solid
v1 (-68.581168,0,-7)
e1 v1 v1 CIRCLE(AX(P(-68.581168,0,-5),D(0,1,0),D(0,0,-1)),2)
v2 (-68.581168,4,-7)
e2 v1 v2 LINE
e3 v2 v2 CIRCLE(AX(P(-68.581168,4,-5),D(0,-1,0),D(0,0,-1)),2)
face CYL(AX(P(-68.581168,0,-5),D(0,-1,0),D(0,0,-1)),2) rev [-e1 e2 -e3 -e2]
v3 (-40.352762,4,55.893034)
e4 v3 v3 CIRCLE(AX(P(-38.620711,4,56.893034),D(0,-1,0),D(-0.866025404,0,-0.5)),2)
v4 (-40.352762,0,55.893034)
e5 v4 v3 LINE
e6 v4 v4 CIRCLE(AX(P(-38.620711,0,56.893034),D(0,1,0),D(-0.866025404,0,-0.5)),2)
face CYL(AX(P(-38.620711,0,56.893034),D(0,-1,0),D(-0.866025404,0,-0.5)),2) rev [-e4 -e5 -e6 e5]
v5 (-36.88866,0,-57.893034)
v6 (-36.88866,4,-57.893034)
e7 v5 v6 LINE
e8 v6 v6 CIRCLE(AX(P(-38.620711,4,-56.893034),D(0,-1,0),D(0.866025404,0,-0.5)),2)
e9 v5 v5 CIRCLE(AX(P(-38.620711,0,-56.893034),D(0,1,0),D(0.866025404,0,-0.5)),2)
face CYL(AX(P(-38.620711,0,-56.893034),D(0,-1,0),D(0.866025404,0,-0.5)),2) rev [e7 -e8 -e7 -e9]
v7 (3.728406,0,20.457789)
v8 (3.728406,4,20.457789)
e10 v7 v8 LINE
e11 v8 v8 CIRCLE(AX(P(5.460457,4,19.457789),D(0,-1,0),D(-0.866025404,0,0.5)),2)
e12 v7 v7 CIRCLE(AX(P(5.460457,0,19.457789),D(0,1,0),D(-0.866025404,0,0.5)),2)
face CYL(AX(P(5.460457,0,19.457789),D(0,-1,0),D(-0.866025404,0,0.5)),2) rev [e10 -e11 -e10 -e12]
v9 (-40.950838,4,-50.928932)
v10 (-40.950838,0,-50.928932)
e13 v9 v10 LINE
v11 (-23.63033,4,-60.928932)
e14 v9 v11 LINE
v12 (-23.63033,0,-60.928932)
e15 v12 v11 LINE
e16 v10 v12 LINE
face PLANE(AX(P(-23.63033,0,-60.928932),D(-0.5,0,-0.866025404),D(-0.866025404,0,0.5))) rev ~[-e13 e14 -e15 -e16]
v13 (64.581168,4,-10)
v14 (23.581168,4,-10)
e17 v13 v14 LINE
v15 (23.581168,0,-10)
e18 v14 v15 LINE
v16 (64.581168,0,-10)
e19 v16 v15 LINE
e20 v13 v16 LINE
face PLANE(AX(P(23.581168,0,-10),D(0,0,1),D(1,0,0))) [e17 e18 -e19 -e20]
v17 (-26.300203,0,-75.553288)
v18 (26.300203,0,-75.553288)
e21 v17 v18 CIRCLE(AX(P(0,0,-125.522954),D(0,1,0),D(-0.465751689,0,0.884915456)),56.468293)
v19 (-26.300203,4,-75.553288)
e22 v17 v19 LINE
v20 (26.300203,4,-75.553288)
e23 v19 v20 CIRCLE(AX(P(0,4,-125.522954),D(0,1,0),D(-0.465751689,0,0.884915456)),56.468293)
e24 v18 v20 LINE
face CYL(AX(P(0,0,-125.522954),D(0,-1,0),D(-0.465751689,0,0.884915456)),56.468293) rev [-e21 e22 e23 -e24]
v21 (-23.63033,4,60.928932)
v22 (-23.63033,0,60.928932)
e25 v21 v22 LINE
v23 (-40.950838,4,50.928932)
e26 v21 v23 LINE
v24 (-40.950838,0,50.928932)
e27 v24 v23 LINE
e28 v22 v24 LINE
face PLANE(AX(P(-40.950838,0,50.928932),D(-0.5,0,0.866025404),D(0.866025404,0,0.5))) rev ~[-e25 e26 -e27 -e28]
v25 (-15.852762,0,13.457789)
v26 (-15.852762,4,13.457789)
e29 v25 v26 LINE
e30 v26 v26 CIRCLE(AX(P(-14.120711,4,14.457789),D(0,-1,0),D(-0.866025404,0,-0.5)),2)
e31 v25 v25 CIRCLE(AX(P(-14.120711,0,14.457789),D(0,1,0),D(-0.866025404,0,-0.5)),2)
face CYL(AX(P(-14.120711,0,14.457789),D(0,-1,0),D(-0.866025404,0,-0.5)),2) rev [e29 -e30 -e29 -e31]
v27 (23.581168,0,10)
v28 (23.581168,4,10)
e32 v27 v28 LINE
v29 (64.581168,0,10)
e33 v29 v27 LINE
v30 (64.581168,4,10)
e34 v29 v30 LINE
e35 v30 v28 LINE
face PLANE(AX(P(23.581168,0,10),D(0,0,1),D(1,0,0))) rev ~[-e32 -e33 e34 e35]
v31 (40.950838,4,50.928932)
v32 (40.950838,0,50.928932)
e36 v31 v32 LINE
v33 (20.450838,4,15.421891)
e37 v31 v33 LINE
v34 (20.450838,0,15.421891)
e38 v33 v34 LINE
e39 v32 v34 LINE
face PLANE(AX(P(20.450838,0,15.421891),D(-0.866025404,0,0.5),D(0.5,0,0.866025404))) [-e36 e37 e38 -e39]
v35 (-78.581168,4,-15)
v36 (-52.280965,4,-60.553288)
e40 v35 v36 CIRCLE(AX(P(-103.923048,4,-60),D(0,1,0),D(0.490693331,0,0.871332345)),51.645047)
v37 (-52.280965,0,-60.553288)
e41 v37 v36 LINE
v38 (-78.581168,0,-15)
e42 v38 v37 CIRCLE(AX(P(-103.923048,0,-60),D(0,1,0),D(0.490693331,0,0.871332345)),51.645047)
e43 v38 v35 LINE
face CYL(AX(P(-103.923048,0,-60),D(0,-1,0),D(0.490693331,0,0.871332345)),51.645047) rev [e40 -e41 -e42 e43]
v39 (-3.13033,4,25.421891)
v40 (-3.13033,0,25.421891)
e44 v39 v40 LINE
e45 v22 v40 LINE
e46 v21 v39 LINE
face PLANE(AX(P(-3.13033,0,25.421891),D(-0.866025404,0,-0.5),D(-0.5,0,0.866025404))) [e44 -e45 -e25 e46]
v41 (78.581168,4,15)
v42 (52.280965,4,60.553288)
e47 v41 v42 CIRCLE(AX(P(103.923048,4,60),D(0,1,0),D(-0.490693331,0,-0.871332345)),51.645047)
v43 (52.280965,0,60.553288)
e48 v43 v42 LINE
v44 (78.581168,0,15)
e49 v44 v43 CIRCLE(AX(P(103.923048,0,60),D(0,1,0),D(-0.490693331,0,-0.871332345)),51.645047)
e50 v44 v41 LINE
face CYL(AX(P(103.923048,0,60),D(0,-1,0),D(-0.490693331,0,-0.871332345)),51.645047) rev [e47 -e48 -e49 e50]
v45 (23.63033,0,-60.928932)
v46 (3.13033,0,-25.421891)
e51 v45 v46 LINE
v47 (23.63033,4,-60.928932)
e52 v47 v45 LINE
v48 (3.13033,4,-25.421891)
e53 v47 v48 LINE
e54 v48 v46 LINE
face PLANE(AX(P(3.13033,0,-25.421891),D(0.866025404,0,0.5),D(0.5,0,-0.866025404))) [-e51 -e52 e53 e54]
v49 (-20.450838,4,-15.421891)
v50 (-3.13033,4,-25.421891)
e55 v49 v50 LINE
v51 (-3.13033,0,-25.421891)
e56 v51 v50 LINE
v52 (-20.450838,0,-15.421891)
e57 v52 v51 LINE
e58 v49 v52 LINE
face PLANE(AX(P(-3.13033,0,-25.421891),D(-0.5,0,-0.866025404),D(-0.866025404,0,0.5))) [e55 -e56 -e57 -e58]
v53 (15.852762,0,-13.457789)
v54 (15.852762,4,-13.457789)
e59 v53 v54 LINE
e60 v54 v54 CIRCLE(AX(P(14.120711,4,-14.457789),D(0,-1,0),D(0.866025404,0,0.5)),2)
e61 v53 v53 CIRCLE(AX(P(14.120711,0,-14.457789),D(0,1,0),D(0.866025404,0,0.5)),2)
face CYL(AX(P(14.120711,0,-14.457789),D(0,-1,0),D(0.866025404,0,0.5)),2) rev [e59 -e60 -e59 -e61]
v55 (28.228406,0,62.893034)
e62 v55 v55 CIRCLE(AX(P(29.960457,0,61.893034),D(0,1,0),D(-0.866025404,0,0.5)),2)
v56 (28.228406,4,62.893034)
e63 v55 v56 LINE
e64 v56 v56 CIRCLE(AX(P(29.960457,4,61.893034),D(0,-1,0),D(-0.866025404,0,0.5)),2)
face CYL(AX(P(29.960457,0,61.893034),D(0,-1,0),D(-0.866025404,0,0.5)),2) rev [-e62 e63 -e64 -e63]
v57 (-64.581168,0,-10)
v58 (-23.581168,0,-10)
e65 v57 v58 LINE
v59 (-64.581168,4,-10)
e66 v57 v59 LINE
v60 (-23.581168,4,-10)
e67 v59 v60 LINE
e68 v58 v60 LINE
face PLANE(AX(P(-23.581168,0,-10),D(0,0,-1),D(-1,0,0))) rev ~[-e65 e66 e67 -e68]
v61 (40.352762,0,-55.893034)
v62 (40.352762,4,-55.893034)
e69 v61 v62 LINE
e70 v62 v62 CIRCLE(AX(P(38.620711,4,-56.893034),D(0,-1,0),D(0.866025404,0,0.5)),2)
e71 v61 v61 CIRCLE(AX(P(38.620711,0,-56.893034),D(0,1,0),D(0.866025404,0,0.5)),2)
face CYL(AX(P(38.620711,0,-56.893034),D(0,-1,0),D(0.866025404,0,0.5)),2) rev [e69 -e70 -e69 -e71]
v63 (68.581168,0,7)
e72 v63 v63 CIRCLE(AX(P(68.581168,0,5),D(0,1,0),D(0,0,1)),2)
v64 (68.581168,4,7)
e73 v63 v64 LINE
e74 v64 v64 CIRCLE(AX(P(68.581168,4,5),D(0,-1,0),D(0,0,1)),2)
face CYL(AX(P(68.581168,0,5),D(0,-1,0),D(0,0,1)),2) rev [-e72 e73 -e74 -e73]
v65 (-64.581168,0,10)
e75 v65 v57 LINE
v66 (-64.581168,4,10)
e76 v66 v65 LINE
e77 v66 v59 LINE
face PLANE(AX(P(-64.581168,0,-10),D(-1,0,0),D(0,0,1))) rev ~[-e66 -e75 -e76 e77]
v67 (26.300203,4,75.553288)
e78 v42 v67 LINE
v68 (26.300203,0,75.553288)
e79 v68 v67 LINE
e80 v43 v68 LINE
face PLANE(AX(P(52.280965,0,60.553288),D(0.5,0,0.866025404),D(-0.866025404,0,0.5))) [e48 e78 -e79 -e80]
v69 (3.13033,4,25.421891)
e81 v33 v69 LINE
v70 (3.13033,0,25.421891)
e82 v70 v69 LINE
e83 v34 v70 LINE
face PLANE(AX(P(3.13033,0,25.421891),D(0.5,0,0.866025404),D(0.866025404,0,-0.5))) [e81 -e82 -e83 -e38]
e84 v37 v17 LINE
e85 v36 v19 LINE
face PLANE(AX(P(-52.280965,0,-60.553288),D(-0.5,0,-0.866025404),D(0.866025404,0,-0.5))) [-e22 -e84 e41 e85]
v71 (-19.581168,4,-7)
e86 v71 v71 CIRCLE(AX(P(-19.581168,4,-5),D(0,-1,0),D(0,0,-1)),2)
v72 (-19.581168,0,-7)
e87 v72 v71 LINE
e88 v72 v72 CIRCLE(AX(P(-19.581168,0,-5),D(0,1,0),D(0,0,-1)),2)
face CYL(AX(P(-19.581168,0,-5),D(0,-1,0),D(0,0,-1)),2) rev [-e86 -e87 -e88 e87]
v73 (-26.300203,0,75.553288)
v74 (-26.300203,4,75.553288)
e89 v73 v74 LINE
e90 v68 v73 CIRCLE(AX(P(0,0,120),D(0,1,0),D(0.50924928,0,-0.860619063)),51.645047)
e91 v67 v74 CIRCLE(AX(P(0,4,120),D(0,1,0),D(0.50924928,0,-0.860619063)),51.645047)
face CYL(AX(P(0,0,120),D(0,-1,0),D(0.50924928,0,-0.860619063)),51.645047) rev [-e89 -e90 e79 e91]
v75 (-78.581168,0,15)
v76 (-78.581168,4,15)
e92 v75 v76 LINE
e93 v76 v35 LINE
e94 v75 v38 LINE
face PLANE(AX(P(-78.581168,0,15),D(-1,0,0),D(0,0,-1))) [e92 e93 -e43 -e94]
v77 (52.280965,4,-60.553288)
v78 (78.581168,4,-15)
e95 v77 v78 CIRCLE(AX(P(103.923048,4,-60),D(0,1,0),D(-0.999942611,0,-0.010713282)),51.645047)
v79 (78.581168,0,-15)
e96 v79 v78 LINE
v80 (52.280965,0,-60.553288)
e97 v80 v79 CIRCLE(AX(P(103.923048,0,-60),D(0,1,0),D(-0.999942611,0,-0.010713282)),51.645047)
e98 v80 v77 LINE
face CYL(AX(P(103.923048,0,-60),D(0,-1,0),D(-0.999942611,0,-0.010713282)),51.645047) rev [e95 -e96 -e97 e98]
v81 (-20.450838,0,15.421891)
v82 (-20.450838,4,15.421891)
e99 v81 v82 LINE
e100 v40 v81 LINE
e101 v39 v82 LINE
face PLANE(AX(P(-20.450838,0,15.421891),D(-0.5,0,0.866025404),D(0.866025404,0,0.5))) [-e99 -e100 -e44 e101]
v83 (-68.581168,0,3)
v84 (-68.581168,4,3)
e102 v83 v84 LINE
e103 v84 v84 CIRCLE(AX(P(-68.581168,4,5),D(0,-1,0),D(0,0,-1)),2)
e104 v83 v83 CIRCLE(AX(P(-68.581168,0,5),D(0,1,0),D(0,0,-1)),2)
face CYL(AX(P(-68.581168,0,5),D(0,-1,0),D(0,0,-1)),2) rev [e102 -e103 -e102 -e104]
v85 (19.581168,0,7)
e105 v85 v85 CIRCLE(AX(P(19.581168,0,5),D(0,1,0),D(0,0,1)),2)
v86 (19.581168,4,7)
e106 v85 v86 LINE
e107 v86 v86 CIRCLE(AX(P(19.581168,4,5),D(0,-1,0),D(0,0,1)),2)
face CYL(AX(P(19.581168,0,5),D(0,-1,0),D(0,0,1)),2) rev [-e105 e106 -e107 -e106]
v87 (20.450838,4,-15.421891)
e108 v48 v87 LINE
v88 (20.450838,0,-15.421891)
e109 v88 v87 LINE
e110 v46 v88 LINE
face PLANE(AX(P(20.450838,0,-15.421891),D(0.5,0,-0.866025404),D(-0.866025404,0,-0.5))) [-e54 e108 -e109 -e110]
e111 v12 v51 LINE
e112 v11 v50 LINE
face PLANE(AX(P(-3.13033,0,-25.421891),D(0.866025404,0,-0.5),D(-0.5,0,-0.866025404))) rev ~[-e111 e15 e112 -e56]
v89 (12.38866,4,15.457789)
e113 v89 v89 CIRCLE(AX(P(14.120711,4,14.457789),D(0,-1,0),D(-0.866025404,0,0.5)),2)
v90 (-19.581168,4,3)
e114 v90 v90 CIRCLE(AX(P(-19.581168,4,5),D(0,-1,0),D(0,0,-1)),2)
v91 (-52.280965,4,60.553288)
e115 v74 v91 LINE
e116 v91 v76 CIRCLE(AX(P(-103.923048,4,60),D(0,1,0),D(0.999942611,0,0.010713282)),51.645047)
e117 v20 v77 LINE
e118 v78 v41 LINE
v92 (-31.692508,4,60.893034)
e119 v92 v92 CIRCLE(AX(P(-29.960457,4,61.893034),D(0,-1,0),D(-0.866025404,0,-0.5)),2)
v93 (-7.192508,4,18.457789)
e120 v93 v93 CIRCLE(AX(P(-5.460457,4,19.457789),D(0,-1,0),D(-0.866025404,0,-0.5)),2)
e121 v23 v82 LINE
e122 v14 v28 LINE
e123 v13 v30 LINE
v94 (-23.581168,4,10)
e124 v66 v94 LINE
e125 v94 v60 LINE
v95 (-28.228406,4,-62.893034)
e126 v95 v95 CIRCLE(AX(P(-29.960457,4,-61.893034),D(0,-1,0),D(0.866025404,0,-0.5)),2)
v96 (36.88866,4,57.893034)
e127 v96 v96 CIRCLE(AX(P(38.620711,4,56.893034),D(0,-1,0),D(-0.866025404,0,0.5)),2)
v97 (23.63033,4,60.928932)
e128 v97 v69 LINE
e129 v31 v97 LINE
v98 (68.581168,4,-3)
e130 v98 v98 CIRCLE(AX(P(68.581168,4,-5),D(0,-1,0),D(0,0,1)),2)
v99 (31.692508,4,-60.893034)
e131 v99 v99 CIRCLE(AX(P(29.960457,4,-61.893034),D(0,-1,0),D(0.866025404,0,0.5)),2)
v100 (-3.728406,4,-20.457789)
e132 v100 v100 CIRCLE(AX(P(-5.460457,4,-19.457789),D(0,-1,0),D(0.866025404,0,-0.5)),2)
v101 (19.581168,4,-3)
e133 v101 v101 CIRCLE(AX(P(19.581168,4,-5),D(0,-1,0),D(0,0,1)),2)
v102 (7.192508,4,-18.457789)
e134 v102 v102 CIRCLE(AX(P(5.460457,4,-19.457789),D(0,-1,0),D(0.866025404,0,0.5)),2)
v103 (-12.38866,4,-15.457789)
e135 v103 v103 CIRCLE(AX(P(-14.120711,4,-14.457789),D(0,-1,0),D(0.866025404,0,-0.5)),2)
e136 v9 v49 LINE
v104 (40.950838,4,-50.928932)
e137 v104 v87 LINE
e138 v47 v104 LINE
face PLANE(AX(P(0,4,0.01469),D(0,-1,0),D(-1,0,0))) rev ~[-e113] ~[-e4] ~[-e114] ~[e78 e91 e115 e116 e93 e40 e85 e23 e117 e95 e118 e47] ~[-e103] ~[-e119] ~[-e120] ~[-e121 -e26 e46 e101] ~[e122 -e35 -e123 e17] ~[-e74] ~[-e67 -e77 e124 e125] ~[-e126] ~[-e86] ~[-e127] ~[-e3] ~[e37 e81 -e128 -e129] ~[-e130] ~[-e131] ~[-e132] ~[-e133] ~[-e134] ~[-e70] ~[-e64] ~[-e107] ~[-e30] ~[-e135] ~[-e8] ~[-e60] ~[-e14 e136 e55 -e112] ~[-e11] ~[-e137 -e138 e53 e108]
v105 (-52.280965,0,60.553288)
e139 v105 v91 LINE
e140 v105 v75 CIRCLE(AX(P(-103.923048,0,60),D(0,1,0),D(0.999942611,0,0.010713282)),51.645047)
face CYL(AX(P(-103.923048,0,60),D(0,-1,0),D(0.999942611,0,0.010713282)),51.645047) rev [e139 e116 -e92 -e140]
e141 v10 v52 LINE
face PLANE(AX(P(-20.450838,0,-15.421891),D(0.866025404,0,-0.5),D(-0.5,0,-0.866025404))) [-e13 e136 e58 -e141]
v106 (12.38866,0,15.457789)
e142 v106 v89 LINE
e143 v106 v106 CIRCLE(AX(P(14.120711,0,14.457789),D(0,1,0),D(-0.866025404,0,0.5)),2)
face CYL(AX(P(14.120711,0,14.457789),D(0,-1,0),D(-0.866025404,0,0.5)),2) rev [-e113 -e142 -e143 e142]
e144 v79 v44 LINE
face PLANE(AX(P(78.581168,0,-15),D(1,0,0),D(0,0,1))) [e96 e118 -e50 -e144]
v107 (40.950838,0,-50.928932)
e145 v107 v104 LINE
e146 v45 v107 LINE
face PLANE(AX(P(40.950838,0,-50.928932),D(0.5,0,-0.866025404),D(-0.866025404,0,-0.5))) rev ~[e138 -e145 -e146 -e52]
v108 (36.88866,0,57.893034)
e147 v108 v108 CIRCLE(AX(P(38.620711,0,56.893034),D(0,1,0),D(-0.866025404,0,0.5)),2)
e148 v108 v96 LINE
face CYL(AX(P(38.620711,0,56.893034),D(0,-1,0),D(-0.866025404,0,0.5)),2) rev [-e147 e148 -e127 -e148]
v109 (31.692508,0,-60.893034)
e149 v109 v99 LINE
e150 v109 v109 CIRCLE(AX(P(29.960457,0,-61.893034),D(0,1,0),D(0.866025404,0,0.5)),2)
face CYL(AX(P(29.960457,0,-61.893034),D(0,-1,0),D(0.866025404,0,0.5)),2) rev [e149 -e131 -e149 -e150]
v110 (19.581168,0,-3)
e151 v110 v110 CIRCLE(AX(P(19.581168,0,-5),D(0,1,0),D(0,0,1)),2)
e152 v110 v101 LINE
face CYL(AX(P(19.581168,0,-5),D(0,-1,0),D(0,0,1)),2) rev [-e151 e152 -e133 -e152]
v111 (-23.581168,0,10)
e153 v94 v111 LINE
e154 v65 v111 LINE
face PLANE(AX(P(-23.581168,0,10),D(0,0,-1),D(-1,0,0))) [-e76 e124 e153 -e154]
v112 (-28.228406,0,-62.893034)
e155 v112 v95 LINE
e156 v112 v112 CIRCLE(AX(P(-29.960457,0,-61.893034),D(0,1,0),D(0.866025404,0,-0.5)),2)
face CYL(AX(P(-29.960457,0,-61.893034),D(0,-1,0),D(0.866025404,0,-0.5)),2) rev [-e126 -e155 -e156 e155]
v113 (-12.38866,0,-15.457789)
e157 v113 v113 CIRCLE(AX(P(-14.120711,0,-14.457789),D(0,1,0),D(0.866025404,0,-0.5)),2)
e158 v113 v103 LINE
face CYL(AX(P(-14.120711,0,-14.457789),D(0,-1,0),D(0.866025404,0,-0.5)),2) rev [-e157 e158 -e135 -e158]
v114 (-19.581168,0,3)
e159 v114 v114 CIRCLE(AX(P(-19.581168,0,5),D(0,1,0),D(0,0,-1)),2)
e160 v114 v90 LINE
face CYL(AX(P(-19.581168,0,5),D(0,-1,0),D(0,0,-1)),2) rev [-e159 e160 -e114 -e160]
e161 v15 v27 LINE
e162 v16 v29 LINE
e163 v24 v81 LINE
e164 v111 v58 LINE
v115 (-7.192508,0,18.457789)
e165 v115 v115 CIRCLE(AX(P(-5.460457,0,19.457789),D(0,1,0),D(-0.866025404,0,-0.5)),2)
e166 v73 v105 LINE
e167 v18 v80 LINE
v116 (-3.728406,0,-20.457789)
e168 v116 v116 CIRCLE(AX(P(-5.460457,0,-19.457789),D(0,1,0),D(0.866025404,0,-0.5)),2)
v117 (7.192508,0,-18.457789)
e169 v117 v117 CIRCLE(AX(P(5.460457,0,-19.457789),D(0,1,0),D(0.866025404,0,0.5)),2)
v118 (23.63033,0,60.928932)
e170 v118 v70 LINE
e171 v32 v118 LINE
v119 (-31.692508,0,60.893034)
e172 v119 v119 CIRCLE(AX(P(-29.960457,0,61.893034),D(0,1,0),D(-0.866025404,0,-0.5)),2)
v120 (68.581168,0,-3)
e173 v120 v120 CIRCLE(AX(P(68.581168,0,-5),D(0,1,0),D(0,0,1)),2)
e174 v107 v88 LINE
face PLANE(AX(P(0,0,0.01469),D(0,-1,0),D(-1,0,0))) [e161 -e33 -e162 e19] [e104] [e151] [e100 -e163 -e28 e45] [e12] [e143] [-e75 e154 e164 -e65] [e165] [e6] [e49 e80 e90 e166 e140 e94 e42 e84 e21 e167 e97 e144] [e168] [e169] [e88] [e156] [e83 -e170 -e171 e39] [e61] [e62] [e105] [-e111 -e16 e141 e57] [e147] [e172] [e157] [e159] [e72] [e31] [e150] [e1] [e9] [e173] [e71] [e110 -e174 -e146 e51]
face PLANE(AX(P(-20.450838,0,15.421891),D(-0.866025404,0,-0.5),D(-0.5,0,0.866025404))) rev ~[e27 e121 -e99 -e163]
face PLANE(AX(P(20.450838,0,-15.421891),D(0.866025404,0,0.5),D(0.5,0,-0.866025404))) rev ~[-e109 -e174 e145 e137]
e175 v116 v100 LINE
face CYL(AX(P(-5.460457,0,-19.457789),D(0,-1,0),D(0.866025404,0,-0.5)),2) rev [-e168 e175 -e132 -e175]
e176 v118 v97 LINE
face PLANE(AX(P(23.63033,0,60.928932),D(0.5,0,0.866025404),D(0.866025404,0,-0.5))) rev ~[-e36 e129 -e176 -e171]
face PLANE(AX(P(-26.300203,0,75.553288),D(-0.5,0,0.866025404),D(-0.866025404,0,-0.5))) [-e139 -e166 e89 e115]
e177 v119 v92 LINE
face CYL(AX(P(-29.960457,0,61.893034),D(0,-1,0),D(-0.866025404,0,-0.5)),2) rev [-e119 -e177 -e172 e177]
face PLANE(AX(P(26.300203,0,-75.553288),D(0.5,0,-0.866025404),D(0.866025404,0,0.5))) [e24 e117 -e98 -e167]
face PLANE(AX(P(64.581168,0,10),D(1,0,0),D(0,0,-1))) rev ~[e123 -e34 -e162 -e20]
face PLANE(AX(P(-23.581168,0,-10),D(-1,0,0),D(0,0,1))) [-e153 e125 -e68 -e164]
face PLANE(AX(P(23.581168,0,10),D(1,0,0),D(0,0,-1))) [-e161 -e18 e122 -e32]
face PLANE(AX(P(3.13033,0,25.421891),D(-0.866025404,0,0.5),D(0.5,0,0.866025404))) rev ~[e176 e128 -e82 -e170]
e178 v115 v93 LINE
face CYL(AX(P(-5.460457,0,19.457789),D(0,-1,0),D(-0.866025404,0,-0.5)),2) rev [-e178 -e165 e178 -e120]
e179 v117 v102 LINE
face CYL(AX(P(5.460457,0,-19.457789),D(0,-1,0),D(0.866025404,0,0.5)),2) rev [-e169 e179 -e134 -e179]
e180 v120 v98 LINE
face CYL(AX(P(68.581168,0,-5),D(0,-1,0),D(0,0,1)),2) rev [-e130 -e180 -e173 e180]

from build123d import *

# Parameters (mm, degrees)
EXTRUDE_1_DEPTH          = 4
SKETCH_3_R               = 2
SKETCH_3_W               = 41
SKETCH_3_H               = 20
CUT_EXTRUDE_3_DEPTH      = 25
PATTERN_CIRCULAR_1_COUNT = 6


with BuildPart() as part:
    # 草图1 → 凸台-拉伸1 (new body)
    with BuildSketch(Plane(origin=(0, 0, 0), x_dir=(1, 0, 0), z_dir=(0, 1, 0))):
        with BuildLine():
            Line((78.581168228, 15), (78.581168228, -15))
            ThreePointArc((78.581168228, -15), (59.197125657, -34.177476433), (52.280965171, -60.553287944))
            Line((52.280965171, -60.553287944), (26.300203057, -75.553287944))
            ThreePointArc((26.300203057, -75.553287944), (0, -68.354952867), (-26.300203057, -75.553287944))
            Line((-26.300203057, -75.553287944), (-52.280965171, -60.553287944))
            ThreePointArc((-52.280965171, -60.553287944), (-59.197125657, -34.177476433), (-78.581168228, -15))
            Line((-78.581168228, -15), (-78.581168228, 15))
            ThreePointArc((-78.581168228, 15), (-59.197125657, 34.177476433), (-52.280965171, 60.553287944))
            Line((-52.280965171, 60.553287944), (-26.300203057, 75.553287944))
            ThreePointArc((-26.300203057, 75.553287944), (0, 69.054660136), (26.300203057, 75.553287944))
            Line((26.300203057, 75.553287944), (52.280965171, 60.553287944))
            ThreePointArc((52.280965171, 60.553287944), (59.197125657, 34.177476433), (78.581168228, 15))
        make_face()
    extrude(amount=EXTRUDE_1_DEPTH)

    # 草图3 → 切除-拉伸3 (cut, symmetric)
    with BuildSketch(Plane(origin=(0, 0, 0), x_dir=(1, 0, 0), z_dir=(0, 1, 0))):
        with Locations(Location((68.581168228, 5, 0), (0, 0, 270))):
            Circle(SKETCH_3_R)
        with Locations(Location((68.581168228, -5, 0), (0, 0, 270))):
            Circle(SKETCH_3_R)
        with Locations(Location((19.581168228, 5, 0), (0, 0, 270))):
            Circle(SKETCH_3_R)
        with Locations(Location((19.581168228, -5, 0), (0, 0, 270))):
            Circle(SKETCH_3_R)
        with Locations((44.081168228, 0)):
            Rectangle(SKETCH_3_W, SKETCH_3_H)
    cut_extrude_3 = extrude(amount=CUT_EXTRUDE_3_DEPTH, both=True, mode=Mode.SUBTRACT)

    # 阵列(圆周)1: 切除-拉伸3 ×6 about axis
    pattern_circular_1_axis = Axis((0, 0, 0), (0, 1, 0))
    for i in range(1, PATTERN_CIRCULAR_1_COUNT):
        add(cut_extrude_3.rotate(pattern_circular_1_axis, i * 360 / PATTERN_CIRCULAR_1_COUNT), mode=Mode.SUBTRACT)


solid = part.part
